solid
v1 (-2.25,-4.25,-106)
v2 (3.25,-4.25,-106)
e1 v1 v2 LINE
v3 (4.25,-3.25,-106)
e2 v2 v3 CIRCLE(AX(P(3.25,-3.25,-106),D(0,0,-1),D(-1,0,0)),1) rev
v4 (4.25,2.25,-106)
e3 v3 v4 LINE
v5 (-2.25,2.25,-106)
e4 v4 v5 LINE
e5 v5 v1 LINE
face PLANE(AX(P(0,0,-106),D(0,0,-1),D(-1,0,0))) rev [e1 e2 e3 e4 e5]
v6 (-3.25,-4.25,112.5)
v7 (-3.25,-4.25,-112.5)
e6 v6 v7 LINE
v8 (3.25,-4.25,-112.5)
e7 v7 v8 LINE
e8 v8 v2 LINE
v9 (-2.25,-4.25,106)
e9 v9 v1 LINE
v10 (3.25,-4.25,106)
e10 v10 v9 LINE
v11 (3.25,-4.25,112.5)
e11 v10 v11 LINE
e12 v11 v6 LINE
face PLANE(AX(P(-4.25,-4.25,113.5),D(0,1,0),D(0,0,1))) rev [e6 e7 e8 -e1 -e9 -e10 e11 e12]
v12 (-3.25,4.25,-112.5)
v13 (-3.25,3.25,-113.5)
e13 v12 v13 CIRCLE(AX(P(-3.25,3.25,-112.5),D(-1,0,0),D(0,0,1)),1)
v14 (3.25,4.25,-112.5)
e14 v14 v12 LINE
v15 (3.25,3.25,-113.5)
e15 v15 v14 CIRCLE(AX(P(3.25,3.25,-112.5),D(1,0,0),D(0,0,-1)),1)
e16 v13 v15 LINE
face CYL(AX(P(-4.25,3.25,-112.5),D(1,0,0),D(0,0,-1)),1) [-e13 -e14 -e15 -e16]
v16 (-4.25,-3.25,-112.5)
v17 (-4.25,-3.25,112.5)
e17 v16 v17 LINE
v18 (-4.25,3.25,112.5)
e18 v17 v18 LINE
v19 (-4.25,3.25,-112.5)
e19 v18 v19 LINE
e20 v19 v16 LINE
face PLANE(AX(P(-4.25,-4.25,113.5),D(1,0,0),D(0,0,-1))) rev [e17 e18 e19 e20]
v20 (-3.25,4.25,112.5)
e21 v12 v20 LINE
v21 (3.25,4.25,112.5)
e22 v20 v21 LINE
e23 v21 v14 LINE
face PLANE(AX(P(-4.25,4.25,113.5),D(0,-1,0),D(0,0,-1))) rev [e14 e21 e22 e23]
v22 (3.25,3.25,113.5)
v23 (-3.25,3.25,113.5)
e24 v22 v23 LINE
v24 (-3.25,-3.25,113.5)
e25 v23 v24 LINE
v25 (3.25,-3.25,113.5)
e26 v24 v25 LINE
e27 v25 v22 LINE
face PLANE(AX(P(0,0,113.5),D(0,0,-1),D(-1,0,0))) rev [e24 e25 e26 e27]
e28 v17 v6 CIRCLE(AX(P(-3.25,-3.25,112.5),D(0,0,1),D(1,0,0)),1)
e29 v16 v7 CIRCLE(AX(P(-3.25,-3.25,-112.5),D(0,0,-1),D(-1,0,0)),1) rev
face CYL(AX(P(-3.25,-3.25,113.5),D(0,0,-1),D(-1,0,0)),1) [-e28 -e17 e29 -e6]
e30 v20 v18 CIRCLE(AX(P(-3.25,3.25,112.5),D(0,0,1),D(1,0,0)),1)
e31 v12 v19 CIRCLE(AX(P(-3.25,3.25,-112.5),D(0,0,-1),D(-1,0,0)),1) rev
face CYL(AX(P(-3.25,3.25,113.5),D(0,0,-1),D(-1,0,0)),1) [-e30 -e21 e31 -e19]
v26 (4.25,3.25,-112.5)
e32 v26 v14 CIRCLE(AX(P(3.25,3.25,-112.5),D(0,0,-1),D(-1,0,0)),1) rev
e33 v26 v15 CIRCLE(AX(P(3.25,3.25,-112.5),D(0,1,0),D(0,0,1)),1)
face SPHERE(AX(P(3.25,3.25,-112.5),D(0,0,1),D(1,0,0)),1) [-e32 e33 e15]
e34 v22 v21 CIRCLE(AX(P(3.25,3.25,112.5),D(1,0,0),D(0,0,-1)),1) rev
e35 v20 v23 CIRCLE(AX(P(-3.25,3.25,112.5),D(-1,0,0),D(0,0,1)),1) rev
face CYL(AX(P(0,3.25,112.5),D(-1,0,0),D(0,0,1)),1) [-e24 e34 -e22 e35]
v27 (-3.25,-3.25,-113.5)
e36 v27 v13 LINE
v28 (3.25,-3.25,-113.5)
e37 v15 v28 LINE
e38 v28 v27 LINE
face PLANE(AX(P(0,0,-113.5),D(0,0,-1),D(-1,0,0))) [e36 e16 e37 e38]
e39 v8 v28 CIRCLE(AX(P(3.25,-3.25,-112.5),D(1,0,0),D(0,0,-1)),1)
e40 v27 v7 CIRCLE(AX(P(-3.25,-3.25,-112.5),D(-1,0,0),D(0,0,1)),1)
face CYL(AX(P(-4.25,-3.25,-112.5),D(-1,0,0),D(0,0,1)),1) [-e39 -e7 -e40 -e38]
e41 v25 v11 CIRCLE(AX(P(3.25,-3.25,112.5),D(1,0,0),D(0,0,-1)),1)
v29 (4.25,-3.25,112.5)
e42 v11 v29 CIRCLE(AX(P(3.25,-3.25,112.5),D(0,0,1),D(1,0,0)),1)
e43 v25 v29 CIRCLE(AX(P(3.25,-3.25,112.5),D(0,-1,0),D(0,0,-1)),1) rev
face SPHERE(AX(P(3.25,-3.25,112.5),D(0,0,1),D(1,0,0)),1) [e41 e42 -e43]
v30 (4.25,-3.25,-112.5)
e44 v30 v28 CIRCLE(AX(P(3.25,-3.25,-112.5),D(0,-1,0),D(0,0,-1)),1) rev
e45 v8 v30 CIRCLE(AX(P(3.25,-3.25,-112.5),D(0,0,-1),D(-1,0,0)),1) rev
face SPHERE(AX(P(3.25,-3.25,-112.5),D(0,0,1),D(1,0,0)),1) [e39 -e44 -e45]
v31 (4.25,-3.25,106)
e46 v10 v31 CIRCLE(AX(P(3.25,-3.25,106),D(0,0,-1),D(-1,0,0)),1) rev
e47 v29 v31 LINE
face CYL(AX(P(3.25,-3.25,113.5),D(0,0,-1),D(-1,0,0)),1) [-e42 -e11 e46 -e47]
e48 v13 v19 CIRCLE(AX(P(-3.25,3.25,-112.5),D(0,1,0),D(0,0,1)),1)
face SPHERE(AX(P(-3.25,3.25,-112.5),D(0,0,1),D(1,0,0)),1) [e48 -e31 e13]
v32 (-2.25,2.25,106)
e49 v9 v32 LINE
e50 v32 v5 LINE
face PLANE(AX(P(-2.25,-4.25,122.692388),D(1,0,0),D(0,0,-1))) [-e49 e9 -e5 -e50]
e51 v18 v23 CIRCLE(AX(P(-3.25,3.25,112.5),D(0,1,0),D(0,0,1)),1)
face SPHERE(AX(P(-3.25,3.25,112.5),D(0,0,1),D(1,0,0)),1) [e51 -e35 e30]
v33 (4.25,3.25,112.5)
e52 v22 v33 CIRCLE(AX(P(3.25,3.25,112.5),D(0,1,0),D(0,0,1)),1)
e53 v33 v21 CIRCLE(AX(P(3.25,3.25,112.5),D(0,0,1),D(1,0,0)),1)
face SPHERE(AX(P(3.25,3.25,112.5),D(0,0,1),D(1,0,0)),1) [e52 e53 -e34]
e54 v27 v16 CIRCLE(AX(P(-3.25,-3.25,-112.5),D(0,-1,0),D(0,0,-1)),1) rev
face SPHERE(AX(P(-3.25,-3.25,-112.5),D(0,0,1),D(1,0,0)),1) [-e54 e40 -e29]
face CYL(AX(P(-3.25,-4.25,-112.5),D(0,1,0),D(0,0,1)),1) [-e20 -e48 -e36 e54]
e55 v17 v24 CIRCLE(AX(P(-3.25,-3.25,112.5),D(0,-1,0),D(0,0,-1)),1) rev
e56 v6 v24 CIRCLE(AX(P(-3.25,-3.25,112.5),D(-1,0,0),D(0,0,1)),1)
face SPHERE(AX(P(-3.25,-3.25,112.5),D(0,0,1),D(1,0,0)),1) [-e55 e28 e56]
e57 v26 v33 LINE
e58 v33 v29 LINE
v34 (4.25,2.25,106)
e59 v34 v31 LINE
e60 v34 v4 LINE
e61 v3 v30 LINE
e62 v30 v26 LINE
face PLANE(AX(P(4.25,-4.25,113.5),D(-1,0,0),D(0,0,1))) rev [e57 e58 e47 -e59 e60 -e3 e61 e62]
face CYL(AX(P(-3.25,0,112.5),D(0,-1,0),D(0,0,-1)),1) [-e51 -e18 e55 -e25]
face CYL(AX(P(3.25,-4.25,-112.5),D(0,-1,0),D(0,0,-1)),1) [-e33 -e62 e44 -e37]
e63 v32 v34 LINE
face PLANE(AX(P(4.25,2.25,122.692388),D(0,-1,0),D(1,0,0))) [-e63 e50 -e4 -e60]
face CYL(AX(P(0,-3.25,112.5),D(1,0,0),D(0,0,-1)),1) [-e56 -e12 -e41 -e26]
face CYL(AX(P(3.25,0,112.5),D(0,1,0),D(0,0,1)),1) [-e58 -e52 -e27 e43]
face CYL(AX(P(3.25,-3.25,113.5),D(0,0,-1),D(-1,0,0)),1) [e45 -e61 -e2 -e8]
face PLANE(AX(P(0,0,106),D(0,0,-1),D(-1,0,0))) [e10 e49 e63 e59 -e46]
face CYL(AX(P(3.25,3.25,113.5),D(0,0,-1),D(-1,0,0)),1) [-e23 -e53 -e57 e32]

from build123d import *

# Parameters (mm, degrees)
SKETCH1_W               = 8.5
SKETCH1_H               = 8.5
BOSS_EXTRUDE1_DEPTH     = 113.5
FILLET2_R               = 1
CUT_EXTRUDE1_DEPTH      = 106
CUT_EXTRUDE1_DEPTH_BACK = 106
SKETCH2_W               = 6.5
SKETCH2_H               = 6.5


with BuildPart() as part:
    # Sketch1 → Boss-Extrude1 (new, symmetric)
    with BuildSketch(Plane.XY):
        Rectangle(SKETCH1_W, SKETCH1_H)
    extrude(amount=BOSS_EXTRUDE1_DEPTH, both=True)

    # Fillet2
    fillet2_edges = [part.edges().sort_by_distance(p)[0] for p in [
        (-4.25, 0, 113.5),
        (0, -4.25, 113.5),
        (4.25, 0, 113.5),
        (0, -4.25, -113.5),
        (-4.25, 0, -113.5),
        (0, 4.25, -113.5),
        (4.25, 0, -113.5),
        (4.25, -4.25, 0),
        (-4.25, -4.25, 0),
        (-4.25, 4.25, 0),
        (4.25, 4.25, 0),
        (0, 4.25, 113.5),
    ]]
    fillet(fillet2_edges, radius=FILLET2_R)

    # Sketch2 → Cut-Extrude1 (cut, two sides: drawn at the far end of the back side and taken through both)
    with BuildSketch(Plane.XY.offset(-CUT_EXTRUDE1_DEPTH_BACK)):
        with Locations((1, -1)):
            Rectangle(SKETCH2_W, SKETCH2_H)
    extrude(amount=CUT_EXTRUDE1_DEPTH + CUT_EXTRUDE1_DEPTH_BACK, mode=Mode.SUBTRACT)


solid = part.part
